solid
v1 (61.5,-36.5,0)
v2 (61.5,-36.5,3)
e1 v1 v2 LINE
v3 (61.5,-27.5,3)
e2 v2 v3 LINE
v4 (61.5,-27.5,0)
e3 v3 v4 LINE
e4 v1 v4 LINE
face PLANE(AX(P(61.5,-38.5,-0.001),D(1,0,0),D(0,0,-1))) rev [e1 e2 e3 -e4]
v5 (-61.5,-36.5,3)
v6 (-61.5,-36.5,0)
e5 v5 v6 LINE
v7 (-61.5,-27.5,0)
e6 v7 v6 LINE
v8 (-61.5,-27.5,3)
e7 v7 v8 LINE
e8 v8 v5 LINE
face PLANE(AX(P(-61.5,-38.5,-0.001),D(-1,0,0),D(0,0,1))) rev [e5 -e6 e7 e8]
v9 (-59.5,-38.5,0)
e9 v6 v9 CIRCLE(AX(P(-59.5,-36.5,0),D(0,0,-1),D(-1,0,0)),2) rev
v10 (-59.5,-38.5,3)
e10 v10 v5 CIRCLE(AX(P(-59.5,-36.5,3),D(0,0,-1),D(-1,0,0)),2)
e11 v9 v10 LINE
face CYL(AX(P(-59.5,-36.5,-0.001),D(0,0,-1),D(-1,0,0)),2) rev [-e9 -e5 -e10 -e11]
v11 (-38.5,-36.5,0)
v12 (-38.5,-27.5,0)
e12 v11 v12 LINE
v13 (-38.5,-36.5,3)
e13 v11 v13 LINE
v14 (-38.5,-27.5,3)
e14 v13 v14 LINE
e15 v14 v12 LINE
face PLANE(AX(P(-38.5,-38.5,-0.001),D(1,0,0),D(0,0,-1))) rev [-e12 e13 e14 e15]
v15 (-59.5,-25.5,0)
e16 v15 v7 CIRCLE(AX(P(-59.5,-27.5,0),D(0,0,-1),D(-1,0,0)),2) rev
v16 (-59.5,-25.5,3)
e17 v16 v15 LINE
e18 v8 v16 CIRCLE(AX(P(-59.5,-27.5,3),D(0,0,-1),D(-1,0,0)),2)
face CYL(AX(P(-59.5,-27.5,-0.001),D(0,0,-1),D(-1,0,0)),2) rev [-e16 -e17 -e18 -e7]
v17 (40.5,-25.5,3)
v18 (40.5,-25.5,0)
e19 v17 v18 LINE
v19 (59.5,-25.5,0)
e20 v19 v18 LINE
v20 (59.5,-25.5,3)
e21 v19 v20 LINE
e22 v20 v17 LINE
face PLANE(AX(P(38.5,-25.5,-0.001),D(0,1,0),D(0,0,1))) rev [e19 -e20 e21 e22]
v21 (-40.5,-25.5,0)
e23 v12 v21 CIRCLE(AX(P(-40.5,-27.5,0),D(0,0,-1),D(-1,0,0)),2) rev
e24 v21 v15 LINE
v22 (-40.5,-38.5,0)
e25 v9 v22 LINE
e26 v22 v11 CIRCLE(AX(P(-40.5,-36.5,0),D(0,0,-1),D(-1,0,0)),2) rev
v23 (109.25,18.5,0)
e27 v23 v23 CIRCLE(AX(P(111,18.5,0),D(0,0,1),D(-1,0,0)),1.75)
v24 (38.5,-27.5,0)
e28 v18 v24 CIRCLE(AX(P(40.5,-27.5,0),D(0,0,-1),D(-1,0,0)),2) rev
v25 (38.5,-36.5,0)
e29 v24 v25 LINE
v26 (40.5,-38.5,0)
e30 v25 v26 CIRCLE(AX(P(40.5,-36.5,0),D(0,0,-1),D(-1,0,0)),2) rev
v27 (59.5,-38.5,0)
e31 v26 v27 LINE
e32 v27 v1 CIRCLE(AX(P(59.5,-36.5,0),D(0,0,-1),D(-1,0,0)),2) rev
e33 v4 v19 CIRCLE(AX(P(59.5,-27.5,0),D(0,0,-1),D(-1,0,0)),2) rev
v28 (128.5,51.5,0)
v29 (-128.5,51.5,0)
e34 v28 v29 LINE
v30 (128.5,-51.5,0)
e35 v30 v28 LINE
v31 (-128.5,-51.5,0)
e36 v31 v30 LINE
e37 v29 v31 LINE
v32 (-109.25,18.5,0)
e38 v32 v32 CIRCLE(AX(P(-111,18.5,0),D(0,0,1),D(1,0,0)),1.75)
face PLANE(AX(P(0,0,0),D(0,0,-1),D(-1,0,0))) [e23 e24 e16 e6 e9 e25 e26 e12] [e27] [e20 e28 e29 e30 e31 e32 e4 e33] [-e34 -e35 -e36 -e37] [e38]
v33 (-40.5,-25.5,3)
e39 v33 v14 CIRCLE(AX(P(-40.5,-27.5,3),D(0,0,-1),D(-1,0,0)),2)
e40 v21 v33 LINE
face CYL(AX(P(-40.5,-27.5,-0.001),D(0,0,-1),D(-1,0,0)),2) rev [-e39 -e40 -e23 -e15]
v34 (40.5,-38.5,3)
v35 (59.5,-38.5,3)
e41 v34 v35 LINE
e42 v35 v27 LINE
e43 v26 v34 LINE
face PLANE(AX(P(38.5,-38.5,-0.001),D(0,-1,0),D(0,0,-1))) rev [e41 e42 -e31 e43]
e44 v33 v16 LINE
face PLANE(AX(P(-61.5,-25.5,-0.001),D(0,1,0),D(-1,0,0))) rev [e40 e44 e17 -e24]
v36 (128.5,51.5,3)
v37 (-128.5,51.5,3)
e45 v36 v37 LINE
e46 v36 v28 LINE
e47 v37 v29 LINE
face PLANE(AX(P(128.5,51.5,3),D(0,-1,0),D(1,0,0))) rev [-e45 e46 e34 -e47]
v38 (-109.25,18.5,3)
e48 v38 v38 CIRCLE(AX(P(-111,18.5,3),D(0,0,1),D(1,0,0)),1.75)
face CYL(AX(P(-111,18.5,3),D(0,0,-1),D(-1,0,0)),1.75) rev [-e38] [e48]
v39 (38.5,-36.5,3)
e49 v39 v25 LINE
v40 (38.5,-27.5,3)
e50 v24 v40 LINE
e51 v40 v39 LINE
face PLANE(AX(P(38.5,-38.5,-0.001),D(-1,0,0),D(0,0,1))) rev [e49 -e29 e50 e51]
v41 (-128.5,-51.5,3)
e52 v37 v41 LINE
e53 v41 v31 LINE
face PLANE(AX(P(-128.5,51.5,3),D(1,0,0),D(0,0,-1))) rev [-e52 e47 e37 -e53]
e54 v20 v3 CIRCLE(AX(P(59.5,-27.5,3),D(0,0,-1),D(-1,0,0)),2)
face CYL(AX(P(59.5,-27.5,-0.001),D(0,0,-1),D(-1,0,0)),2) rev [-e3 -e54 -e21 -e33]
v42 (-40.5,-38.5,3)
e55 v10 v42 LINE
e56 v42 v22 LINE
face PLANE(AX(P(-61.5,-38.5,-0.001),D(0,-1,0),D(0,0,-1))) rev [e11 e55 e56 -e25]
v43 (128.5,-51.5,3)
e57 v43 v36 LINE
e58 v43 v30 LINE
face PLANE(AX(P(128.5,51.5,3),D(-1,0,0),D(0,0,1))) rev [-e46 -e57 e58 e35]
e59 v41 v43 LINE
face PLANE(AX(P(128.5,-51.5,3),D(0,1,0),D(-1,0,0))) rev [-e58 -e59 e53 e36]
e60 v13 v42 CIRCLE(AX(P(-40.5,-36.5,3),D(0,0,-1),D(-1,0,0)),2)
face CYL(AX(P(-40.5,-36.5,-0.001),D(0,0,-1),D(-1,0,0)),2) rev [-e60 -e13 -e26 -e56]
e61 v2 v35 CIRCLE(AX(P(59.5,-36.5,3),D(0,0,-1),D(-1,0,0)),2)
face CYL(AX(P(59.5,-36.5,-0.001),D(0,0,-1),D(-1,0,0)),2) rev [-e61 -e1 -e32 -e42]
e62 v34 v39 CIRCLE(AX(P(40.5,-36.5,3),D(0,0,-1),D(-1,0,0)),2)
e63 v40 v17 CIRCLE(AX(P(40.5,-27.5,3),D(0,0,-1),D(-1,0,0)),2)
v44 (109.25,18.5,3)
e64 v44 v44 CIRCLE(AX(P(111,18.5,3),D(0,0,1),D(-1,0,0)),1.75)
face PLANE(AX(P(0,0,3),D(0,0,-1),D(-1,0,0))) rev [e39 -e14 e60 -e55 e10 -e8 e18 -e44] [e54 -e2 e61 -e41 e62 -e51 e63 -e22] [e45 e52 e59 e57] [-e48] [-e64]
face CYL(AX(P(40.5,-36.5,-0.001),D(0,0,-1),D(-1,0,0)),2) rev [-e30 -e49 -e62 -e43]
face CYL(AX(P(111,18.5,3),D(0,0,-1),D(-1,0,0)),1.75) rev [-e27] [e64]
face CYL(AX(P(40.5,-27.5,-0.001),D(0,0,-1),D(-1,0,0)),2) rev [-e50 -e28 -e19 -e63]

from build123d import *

# Parameters (mm, degrees)
ESQUISSE1_W             = 257
ESQUISSE1_H             = 103
ESQUISSE1_R             = 1.75
BOSS_EXTRU_1_DEPTH      = 3
ENL_V_MAT_EXTRU_1_REACH = 5
ESQUISSE2_W             = 23
ESQUISSE2_H             = 13
CONG_1_R                = 2


with BuildPart() as part:
    # Esquisse1 → Boss.-Extru.1 (new body)
    with BuildSketch(Plane.XY):
        Rectangle(ESQUISSE1_W, ESQUISSE1_H)
        with Locations((-111, 18.5)):
            Circle(ESQUISSE1_R, mode=Mode.SUBTRACT)
        with Locations((111, 18.5)):
            Circle(ESQUISSE1_R, mode=Mode.SUBTRACT)
    extrude(amount=BOSS_EXTRU_1_DEPTH)

    # Esquisse2 → Enlèv. mat.-Extru.1 (cut, up to next)
    with BuildSketch(Plane.XY.offset(3), mode=Mode.PRIVATE) as enl_v_mat_extru_1_sk1:
        with Locations((-50, -32)):
            Rectangle(ESQUISSE2_W, ESQUISSE2_H)
    enl_v_mat_extru_1_tool1 = extrude(enl_v_mat_extru_1_sk1.sketch, amount=-ENL_V_MAT_EXTRU_1_REACH, mode=Mode.PRIVATE) & part.part
    add(enl_v_mat_extru_1_tool1.solids().sort_by_distance((-50, -32, 3))[0], mode=Mode.SUBTRACT)
    # Esquisse2 → Enlèv. mat.-Extru.1 (cut, up to next)
    with BuildSketch(Plane.XY.offset(3), mode=Mode.PRIVATE) as enl_v_mat_extru_1_sk2:
        with Locations((50, -32)):
            Rectangle(ESQUISSE2_W, ESQUISSE2_H)
    enl_v_mat_extru_1_tool2 = extrude(enl_v_mat_extru_1_sk2.sketch, amount=-ENL_V_MAT_EXTRU_1_REACH, mode=Mode.PRIVATE) & part.part
    add(enl_v_mat_extru_1_tool2.solids().sort_by_distance((50, -32, 3))[0], mode=Mode.SUBTRACT)

    # Congé1
    cong_1_edges = [part.edges().sort_by_distance(p)[0] for p in [
        (-61.5, -38.5, 1.5),
        (-61.5, -25.5, 1.5),
        (-38.5, -25.5, 1.5),
        (-38.5, -38.5, 1.5),
        (38.5, -38.5, 1.5),
        (38.5, -25.5, 1.5),
        (61.5, -25.5, 1.5),
        (61.5, -38.5, 1.5),
    ]]
    fillet(cong_1_edges, radius=CONG_1_R)


solid = part.part
